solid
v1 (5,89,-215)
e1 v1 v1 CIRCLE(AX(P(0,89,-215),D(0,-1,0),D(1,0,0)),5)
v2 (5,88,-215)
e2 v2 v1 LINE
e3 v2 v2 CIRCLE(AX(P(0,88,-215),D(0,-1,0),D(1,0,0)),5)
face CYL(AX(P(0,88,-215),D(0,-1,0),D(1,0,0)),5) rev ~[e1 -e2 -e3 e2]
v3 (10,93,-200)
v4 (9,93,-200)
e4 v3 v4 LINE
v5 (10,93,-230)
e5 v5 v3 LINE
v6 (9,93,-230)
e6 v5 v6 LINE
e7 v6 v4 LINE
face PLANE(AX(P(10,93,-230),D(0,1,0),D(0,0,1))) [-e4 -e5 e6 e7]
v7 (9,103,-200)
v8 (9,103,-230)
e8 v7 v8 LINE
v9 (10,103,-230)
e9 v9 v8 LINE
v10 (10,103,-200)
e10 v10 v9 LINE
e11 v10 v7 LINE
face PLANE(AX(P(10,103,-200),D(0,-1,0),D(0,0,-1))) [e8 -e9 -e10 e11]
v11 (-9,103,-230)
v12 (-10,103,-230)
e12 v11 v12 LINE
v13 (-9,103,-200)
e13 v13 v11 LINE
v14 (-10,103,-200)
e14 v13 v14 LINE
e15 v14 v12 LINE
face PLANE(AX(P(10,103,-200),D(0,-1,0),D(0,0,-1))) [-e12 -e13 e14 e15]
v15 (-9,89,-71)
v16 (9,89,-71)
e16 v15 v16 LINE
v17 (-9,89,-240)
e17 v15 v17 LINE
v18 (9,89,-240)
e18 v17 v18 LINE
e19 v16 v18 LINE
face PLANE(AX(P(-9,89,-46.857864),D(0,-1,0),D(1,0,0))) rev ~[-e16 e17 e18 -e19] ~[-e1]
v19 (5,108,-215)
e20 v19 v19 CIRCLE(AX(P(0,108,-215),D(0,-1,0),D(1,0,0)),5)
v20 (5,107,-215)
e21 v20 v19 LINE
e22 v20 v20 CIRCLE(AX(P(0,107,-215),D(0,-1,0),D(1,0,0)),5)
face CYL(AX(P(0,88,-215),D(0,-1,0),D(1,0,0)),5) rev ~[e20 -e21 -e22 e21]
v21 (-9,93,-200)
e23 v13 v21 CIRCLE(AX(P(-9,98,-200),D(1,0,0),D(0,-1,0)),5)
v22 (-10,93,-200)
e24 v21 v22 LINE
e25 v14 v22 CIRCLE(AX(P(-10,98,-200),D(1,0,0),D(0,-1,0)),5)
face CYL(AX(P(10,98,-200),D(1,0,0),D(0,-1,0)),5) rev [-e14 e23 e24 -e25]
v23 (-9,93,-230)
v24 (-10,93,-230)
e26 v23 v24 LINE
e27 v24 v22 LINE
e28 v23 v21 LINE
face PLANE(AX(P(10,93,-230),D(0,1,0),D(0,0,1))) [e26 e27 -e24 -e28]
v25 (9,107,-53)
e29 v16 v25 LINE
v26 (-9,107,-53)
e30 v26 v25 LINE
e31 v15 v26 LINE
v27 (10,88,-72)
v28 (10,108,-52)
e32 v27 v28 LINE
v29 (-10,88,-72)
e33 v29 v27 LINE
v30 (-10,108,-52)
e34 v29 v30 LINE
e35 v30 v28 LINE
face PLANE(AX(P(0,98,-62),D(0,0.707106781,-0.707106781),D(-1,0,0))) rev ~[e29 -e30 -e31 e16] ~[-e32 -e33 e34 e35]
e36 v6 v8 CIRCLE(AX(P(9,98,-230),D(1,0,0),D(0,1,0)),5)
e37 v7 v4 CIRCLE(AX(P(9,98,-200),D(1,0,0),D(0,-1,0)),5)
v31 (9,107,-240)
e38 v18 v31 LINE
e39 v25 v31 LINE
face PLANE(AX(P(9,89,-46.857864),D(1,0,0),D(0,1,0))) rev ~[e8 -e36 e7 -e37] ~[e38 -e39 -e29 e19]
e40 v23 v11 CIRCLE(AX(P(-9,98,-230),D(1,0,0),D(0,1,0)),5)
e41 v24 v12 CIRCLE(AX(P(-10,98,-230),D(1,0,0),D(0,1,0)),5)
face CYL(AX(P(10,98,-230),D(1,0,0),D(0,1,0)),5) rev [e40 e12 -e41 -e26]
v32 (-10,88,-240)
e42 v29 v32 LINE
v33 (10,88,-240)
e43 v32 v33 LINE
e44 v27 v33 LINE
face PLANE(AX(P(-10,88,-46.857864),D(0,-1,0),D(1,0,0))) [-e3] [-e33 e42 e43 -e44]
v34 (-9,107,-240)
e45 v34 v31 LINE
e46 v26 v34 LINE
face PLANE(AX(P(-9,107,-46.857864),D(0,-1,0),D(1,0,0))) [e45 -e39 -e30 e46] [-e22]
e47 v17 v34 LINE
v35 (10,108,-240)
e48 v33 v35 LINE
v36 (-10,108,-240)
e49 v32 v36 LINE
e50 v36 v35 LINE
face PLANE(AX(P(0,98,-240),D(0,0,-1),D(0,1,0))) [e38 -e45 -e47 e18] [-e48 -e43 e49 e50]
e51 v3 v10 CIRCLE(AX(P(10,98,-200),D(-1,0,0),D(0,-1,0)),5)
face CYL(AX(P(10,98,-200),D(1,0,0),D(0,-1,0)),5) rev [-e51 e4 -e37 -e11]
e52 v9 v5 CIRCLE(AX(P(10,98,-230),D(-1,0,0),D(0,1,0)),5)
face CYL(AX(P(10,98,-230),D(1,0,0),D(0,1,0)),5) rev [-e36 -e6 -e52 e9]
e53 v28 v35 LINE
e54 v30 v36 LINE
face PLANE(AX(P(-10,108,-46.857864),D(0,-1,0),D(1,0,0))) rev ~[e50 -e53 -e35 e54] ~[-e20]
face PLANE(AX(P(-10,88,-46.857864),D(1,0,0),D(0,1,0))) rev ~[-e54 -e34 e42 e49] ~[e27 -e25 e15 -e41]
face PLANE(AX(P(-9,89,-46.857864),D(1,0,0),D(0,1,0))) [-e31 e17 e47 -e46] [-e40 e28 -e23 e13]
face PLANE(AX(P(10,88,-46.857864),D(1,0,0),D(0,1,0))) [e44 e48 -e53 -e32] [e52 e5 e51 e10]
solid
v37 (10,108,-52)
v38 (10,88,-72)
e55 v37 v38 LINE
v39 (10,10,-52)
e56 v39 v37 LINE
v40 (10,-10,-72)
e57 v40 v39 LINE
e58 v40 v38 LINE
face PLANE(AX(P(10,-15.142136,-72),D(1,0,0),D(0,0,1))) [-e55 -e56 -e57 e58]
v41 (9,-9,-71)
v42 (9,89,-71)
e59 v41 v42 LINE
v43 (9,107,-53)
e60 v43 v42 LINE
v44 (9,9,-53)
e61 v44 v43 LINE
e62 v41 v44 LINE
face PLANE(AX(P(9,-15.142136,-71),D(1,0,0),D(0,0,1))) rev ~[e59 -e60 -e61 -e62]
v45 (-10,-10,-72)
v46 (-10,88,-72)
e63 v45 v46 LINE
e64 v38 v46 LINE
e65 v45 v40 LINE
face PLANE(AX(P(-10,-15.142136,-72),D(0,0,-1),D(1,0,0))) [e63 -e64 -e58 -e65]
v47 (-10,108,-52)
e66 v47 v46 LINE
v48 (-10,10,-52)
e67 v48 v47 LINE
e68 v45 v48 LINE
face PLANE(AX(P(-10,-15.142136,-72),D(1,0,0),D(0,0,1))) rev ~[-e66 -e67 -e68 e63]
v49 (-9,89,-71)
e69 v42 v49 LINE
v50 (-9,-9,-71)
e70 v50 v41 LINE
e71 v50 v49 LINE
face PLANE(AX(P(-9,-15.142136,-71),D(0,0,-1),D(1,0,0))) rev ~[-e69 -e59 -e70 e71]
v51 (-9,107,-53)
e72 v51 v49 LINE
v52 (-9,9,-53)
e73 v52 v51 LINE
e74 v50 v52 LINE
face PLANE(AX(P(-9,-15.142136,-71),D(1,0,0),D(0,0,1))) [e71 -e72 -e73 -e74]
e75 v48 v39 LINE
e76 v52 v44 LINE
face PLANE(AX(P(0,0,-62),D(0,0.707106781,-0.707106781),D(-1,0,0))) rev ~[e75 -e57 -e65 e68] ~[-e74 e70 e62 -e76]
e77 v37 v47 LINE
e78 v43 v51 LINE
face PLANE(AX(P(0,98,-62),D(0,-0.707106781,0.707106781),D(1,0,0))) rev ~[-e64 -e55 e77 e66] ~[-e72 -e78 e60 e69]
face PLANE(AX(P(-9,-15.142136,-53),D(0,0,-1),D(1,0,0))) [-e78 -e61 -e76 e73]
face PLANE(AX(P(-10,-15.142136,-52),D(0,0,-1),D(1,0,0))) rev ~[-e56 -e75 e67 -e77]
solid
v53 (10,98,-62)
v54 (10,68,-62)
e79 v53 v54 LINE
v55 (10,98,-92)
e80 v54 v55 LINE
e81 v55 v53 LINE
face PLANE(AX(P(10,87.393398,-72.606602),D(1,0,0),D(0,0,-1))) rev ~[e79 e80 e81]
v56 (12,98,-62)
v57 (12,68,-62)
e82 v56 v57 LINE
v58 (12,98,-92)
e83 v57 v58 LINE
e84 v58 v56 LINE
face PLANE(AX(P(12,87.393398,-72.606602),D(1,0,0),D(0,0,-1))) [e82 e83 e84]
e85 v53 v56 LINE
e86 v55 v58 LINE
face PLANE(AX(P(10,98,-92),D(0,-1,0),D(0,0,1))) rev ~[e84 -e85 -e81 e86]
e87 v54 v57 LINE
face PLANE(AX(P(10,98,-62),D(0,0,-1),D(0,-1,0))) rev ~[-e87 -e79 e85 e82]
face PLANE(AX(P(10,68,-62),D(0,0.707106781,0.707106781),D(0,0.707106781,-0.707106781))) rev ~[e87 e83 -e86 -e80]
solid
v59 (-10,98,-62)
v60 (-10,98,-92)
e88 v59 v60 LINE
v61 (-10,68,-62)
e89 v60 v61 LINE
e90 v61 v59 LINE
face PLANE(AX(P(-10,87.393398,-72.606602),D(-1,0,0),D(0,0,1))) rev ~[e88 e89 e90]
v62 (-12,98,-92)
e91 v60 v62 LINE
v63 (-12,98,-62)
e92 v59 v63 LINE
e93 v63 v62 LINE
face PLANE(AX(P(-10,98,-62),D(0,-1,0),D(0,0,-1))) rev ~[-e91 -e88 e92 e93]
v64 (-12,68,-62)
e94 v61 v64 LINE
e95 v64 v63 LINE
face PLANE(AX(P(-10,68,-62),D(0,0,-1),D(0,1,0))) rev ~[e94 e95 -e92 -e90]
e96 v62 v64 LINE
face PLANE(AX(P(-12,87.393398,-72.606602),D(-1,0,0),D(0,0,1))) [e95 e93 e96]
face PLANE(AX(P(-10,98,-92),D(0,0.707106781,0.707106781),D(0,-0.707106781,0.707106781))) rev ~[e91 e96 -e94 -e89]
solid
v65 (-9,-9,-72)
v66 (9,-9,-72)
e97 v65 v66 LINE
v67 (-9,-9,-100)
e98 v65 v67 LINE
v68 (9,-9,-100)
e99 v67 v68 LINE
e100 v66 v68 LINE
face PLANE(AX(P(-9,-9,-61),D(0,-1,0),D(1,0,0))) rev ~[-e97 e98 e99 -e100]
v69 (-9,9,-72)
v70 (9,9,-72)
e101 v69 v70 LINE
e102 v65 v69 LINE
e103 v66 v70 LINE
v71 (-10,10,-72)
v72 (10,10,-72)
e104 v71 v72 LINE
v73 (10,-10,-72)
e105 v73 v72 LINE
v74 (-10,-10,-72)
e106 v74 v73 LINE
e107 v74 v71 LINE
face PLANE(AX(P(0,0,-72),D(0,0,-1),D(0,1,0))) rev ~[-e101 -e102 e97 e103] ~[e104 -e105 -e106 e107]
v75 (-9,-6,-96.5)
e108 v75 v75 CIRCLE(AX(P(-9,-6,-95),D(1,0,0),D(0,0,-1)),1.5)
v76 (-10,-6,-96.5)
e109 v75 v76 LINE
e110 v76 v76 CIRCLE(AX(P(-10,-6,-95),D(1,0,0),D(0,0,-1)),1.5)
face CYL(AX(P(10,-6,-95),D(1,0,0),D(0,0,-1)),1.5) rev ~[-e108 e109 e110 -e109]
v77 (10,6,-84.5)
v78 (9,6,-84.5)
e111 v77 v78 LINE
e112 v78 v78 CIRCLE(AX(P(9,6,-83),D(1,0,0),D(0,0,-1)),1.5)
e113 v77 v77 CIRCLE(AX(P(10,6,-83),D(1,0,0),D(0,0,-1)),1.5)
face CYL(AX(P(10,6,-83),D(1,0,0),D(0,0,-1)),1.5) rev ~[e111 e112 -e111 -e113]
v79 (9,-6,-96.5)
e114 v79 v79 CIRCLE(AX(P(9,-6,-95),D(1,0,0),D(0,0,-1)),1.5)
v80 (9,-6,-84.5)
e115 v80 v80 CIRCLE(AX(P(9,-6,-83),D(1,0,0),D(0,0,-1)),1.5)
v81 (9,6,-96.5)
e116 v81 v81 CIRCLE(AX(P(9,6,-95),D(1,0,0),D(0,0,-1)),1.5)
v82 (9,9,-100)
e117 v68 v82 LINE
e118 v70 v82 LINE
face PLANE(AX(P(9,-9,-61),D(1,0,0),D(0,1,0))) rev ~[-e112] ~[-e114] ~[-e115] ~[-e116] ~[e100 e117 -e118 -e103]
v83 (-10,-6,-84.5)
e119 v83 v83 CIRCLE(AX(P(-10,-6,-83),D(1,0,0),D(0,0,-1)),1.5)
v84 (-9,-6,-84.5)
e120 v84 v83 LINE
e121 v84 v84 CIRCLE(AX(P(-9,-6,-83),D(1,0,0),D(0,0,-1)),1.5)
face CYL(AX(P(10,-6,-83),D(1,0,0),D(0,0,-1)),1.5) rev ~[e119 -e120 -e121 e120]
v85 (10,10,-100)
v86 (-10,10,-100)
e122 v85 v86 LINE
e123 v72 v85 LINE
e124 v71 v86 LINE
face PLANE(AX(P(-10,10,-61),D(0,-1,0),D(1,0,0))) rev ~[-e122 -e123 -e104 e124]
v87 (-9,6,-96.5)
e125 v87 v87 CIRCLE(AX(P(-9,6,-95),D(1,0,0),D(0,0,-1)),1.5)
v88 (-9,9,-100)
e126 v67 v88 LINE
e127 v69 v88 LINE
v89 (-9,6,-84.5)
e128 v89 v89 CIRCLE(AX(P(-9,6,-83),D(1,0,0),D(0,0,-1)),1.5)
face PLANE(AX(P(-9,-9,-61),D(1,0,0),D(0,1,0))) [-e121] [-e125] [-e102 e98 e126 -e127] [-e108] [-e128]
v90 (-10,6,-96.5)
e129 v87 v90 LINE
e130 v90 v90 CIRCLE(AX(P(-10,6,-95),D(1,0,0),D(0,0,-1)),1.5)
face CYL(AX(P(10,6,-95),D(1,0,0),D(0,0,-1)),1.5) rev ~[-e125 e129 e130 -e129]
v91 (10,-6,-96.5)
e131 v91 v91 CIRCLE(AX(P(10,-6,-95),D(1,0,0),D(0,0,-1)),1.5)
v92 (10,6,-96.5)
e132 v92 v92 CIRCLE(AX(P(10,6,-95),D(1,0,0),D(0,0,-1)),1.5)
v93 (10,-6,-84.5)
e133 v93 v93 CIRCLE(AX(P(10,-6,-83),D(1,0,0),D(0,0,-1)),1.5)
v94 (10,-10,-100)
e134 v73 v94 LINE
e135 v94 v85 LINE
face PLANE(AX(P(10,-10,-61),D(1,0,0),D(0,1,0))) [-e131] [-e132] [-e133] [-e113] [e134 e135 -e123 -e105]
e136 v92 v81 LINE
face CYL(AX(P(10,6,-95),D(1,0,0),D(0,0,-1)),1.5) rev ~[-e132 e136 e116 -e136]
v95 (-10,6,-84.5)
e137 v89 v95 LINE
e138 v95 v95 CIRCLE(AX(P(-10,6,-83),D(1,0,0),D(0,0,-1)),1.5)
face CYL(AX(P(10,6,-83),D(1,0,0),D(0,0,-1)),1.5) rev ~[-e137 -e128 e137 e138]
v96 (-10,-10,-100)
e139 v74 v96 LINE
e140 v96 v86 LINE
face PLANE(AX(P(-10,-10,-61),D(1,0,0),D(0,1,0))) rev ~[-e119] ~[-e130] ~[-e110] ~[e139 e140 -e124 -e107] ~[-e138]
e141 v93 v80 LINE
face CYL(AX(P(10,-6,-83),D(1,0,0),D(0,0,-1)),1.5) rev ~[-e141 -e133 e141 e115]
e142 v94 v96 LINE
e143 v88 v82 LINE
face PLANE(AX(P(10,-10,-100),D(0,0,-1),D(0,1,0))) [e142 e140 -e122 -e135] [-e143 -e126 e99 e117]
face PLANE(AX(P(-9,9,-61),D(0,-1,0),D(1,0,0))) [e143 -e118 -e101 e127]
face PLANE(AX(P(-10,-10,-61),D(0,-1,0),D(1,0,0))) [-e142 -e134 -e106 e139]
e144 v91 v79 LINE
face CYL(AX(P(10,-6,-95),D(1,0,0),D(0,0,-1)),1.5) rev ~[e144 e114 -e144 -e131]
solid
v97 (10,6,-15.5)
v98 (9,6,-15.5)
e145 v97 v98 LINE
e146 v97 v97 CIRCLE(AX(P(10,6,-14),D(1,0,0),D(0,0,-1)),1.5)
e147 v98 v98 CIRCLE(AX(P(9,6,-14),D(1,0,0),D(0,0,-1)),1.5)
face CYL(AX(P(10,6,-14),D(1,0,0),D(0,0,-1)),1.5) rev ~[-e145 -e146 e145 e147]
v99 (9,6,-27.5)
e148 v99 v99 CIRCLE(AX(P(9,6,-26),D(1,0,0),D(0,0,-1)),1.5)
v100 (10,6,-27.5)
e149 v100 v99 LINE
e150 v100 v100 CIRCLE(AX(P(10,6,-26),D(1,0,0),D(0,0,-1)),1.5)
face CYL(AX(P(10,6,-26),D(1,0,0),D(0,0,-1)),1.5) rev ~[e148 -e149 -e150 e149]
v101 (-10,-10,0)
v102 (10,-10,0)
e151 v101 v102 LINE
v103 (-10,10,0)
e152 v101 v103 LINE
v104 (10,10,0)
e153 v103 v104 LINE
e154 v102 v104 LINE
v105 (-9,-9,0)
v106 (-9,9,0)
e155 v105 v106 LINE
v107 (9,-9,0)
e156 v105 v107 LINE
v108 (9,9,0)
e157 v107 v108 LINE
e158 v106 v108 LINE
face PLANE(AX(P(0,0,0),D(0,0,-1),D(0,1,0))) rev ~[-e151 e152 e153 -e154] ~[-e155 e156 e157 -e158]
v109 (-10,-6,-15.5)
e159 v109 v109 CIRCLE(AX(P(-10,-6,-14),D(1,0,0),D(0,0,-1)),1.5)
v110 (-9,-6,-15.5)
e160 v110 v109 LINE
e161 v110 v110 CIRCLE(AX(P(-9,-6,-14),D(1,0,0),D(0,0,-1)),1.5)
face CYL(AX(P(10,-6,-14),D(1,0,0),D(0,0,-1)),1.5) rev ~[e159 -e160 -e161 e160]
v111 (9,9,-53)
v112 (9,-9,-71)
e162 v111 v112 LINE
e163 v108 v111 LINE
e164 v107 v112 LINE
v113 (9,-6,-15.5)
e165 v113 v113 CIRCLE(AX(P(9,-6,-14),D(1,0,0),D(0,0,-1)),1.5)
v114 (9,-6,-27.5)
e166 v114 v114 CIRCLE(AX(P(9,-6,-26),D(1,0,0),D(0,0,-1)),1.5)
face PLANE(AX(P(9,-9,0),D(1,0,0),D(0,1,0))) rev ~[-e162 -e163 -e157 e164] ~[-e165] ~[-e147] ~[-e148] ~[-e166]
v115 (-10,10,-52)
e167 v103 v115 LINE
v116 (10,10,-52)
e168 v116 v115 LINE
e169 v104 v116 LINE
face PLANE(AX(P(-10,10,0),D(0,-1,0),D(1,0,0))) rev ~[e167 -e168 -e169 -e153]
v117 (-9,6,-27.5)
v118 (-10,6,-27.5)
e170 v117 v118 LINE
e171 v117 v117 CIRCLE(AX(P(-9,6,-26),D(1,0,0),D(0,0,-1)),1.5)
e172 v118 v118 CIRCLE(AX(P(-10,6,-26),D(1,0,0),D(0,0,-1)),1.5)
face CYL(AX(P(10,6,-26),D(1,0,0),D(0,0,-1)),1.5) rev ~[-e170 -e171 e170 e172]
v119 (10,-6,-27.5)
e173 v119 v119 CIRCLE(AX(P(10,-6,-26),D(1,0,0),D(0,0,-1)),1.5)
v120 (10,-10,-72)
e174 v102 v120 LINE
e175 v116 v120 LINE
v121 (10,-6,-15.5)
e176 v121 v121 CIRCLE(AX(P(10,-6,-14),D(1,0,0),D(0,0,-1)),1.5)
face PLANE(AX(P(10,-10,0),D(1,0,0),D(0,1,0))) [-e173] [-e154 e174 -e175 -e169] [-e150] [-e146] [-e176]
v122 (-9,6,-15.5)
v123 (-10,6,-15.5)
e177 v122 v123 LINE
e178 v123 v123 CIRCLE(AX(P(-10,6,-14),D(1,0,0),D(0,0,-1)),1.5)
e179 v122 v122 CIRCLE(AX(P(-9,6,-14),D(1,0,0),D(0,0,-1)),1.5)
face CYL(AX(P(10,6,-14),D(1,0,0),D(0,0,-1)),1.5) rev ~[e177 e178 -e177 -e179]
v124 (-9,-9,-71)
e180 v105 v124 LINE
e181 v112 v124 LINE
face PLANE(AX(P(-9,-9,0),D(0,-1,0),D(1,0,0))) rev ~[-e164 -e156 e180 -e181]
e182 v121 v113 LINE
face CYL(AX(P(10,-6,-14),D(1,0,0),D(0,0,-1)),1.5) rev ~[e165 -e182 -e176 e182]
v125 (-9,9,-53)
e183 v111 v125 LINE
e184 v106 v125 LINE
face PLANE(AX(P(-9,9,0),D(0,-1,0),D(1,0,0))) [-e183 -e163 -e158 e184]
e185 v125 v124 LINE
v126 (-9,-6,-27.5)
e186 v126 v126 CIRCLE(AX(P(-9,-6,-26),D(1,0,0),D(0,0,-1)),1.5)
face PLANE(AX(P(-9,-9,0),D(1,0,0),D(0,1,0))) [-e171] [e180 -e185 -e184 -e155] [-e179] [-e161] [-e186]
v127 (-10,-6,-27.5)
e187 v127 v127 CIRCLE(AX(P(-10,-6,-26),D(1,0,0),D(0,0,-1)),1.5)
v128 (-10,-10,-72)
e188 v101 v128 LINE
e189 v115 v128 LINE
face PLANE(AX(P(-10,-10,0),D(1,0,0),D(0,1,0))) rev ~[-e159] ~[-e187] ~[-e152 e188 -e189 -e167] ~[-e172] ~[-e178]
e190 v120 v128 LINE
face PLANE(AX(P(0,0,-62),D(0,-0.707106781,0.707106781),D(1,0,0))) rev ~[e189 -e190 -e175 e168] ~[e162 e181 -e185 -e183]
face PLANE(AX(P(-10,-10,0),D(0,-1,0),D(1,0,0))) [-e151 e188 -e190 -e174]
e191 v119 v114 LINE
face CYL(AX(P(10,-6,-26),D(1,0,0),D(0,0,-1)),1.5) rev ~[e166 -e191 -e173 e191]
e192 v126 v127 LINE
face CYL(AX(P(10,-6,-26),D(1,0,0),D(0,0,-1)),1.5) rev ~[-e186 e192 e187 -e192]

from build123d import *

# Parameters (mm, degrees)
SKETCH_14_W                = 20
SKETCH_14_H                = 20
SKETCH_14_W_2              = 18
SKETCH_14_H_2              = 18
F_20X20X1_1_DEPTH          = 77.142135624
SKETCH_14_ON_SEGMENT_2_W   = 20
SKETCH_14_ON_SEGMENT_2_H   = 20
SKETCH_14_ON_SEGMENT_2_W_2 = 18
SKETCH_14_ON_SEGMENT_2_H_2 = 18
F_20X20X1_1_2_DEPTH        = 128.284271247
SKETCH_14_ON_SEGMENT_3_W   = 20
SKETCH_14_ON_SEGMENT_3_H   = 20
SKETCH_14_ON_SEGMENT_3_W_2 = 18
SKETCH_14_ON_SEGMENT_3_H_2 = 18
F_20X20X1_1_3_DEPTH        = 193.142135624
SKETCH_14_ON_SEGMENT_4_W   = 20
SKETCH_14_ON_SEGMENT_4_H   = 20
SKETCH_14_ON_SEGMENT_4_W_2 = 18
SKETCH_14_ON_SEGMENT_4_H_2 = 18
F_20X20X1_1_4_DEPTH        = 64
SKETCH_12_R                = 1.5
CUT_EXTRUDE_1_DEPTH        = 264.939386981
CUT_EXTRUDE_3_DEPTH        = 264.939386981
CUT_EXTRUDE_4_DEPTH        = 260.43014474
EXTRUDE_1_DEPTH            = 2
EXTRUDE_2_DEPTH            = 2
SKETCH_17_R                = 1.5
CUT_EXTRUDE_7_DEPTH        = 265.098466486
SKETCH_23_W                = 25
SKETCH_23_H                = 20
CUT_EXTRUDE_8_DEPTH        = 265.098466486


with BuildPart() as part:
    # 草图14 → 铝管 20X20X1(1) (new body)
    with BuildSketch(Plane.YX):
        Rectangle(SKETCH_14_W, SKETCH_14_H)
        Rectangle(SKETCH_14_W_2, SKETCH_14_H_2, mode=Mode.SUBTRACT)
    extrude(amount=F_20X20X1_1_DEPTH)

    # 铝管 20X20X1(1) mitre 1
    split(bisect_by=Plane(origin=(0, 0, -62), x_dir=(1, 0, 0), z_dir=(0, -0.707106781, 0.707106781)), keep=Keep.TOP)

    # 草图12 → 切除-拉伸1 (cut, through all)
    with BuildSketch(Plane(origin=(10, 0, 0), x_dir=(0, 0, -1), z_dir=(1, 0, 0))):
        with Locations((14, 6)):
            Circle(SKETCH_12_R)
        with Locations((14, -6)):
            Circle(SKETCH_12_R)
        with Locations((26, -6)):
            Circle(SKETCH_12_R)
        with Locations((26, 6)):
            Circle(SKETCH_12_R)
    extrude(amount=-CUT_EXTRUDE_1_DEPTH, mode=Mode.SUBTRACT)


with BuildPart() as body_2:
    # 草图14 on segment 2 (carried to segment 2) → 20X20X1_1 2 (new body)
    with BuildSketch(Plane(origin=(0, -15.142135624, -62), x_dir=(0, 0, 1), z_dir=(0, 1, 0))):
        Rectangle(SKETCH_14_ON_SEGMENT_2_W, SKETCH_14_ON_SEGMENT_2_H)
        Rectangle(SKETCH_14_ON_SEGMENT_2_W_2, SKETCH_14_ON_SEGMENT_2_H_2, mode=Mode.SUBTRACT)
    extrude(amount=F_20X20X1_1_2_DEPTH)

    # 20X20X1_1 2 mitre 1
    split(bisect_by=Plane(origin=(0, 0, -62), x_dir=(-1, 0, 0), z_dir=(0, 0.707106781, -0.707106781)), keep=Keep.TOP)

    # 20X20X1_1 2 mitre 2
    split(bisect_by=Plane(origin=(0, 98, -62), x_dir=(1, 0, 0), z_dir=(0, -0.707106781, 0.707106781)), keep=Keep.TOP)


with BuildPart() as body_3:
    # 草图14 on segment 3 (carried to segment 3) → 20X20X1_1 3 (new body)
    with BuildSketch(Plane(origin=(0, 98, -46.857864376), x_dir=(0, 1, 0), z_dir=(0, 0, -1))):
        Rectangle(SKETCH_14_ON_SEGMENT_3_W, SKETCH_14_ON_SEGMENT_3_H)
        Rectangle(SKETCH_14_ON_SEGMENT_3_W_2, SKETCH_14_ON_SEGMENT_3_H_2, mode=Mode.SUBTRACT)
    extrude(amount=F_20X20X1_1_3_DEPTH)

    # 20X20X1_1 3 mitre 1
    split(bisect_by=Plane(origin=(0, 98, -62), x_dir=(-1, 0, 0), z_dir=(0, 0.707106781, -0.707106781)), keep=Keep.TOP)

    # 草图15 → 切除-拉伸3 (cut, through all)
    with BuildSketch(Plane(origin=(10, 0, 0), x_dir=(0, 0, -1), z_dir=(1, 0, 0))):
        with BuildLine():
            Line((200, 103), (230, 103))
            ThreePointArc((230, 103), (235, 98), (230, 93))
            Line((230, 93), (200, 93))
            ThreePointArc((200, 93), (195, 98), (200, 103))
        make_face()
    extrude(amount=-CUT_EXTRUDE_3_DEPTH, mode=Mode.SUBTRACT)

    # 草图16 → 切除-拉伸4 (cut, through all)
    with BuildSketch(Plane.XZ.offset(-88)):
        with BuildLine():
            ThreePointArc((-5, -215), (0, -220), (5, -215))
            Line((5, -215), (-5, -215))
        make_face()
        with BuildLine():
            Line((-5, -215), (5, -215))
            ThreePointArc((5, -215), (0, -210), (-5, -215))
        make_face()
    extrude(amount=-CUT_EXTRUDE_4_DEPTH, mode=Mode.SUBTRACT)


with BuildPart() as body_4:
    # 草图14 on segment 4 (carried to segment 4) → 20X20X1_1 4 (new body)
    with BuildSketch(Plane.YX.offset(61)):
        Rectangle(SKETCH_14_ON_SEGMENT_4_W, SKETCH_14_ON_SEGMENT_4_H)
        Rectangle(SKETCH_14_ON_SEGMENT_4_W_2, SKETCH_14_ON_SEGMENT_4_H_2, mode=Mode.SUBTRACT)
    extrude(amount=F_20X20X1_1_4_DEPTH)

    # 20X20X1_1 4 mitre 1
    split(bisect_by=Plane.YX.offset(72), keep=Keep.TOP)

    # 草图17 → 切除-拉伸7 (cut, through all)
    with BuildSketch(Plane(origin=(10, 0, 0), x_dir=(0, 0, -1), z_dir=(1, 0, 0))):
        with Locations((83, 6)):
            Circle(SKETCH_17_R)
        with Locations((95, 6)):
            Circle(SKETCH_17_R)
        with Locations((83, -6)):
            Circle(SKETCH_17_R)
        with Locations((95, -6)):
            Circle(SKETCH_17_R)
    extrude(amount=-CUT_EXTRUDE_7_DEPTH, mode=Mode.SUBTRACT)

    # 草图23 → 切除-拉伸8 (cut, through all)
    with BuildSketch(Plane(origin=(10, 0, 0), x_dir=(0, 0, -1), z_dir=(1, 0, 0))):
        with Locations((112.5, 0)):
            Rectangle(SKETCH_23_W, SKETCH_23_H)
    extrude(amount=-CUT_EXTRUDE_8_DEPTH, mode=Mode.SUBTRACT)


with BuildPart() as body_5:
    # 草图21 → 凸台-拉伸1 (new body)
    with BuildSketch(Plane(origin=(10, 0, 0), x_dir=(0, 0, -1), z_dir=(1, 0, 0))):
        Polygon((62, 98), (62, 68), (92, 98), align=None)
    extrude(amount=EXTRUDE_1_DEPTH)


with BuildPart() as body_6:
    # 草图22 → 凸台-拉伸2 (new body)
    with BuildSketch(Plane.ZY.offset(10)):
        Polygon((-62, 98), (-92, 98), (-62, 68), align=None)
    extrude(amount=EXTRUDE_2_DEPTH)


solid = Compound([part.part, body_2.part, body_3.part, body_4.part, body_5.part, body_6.part])
